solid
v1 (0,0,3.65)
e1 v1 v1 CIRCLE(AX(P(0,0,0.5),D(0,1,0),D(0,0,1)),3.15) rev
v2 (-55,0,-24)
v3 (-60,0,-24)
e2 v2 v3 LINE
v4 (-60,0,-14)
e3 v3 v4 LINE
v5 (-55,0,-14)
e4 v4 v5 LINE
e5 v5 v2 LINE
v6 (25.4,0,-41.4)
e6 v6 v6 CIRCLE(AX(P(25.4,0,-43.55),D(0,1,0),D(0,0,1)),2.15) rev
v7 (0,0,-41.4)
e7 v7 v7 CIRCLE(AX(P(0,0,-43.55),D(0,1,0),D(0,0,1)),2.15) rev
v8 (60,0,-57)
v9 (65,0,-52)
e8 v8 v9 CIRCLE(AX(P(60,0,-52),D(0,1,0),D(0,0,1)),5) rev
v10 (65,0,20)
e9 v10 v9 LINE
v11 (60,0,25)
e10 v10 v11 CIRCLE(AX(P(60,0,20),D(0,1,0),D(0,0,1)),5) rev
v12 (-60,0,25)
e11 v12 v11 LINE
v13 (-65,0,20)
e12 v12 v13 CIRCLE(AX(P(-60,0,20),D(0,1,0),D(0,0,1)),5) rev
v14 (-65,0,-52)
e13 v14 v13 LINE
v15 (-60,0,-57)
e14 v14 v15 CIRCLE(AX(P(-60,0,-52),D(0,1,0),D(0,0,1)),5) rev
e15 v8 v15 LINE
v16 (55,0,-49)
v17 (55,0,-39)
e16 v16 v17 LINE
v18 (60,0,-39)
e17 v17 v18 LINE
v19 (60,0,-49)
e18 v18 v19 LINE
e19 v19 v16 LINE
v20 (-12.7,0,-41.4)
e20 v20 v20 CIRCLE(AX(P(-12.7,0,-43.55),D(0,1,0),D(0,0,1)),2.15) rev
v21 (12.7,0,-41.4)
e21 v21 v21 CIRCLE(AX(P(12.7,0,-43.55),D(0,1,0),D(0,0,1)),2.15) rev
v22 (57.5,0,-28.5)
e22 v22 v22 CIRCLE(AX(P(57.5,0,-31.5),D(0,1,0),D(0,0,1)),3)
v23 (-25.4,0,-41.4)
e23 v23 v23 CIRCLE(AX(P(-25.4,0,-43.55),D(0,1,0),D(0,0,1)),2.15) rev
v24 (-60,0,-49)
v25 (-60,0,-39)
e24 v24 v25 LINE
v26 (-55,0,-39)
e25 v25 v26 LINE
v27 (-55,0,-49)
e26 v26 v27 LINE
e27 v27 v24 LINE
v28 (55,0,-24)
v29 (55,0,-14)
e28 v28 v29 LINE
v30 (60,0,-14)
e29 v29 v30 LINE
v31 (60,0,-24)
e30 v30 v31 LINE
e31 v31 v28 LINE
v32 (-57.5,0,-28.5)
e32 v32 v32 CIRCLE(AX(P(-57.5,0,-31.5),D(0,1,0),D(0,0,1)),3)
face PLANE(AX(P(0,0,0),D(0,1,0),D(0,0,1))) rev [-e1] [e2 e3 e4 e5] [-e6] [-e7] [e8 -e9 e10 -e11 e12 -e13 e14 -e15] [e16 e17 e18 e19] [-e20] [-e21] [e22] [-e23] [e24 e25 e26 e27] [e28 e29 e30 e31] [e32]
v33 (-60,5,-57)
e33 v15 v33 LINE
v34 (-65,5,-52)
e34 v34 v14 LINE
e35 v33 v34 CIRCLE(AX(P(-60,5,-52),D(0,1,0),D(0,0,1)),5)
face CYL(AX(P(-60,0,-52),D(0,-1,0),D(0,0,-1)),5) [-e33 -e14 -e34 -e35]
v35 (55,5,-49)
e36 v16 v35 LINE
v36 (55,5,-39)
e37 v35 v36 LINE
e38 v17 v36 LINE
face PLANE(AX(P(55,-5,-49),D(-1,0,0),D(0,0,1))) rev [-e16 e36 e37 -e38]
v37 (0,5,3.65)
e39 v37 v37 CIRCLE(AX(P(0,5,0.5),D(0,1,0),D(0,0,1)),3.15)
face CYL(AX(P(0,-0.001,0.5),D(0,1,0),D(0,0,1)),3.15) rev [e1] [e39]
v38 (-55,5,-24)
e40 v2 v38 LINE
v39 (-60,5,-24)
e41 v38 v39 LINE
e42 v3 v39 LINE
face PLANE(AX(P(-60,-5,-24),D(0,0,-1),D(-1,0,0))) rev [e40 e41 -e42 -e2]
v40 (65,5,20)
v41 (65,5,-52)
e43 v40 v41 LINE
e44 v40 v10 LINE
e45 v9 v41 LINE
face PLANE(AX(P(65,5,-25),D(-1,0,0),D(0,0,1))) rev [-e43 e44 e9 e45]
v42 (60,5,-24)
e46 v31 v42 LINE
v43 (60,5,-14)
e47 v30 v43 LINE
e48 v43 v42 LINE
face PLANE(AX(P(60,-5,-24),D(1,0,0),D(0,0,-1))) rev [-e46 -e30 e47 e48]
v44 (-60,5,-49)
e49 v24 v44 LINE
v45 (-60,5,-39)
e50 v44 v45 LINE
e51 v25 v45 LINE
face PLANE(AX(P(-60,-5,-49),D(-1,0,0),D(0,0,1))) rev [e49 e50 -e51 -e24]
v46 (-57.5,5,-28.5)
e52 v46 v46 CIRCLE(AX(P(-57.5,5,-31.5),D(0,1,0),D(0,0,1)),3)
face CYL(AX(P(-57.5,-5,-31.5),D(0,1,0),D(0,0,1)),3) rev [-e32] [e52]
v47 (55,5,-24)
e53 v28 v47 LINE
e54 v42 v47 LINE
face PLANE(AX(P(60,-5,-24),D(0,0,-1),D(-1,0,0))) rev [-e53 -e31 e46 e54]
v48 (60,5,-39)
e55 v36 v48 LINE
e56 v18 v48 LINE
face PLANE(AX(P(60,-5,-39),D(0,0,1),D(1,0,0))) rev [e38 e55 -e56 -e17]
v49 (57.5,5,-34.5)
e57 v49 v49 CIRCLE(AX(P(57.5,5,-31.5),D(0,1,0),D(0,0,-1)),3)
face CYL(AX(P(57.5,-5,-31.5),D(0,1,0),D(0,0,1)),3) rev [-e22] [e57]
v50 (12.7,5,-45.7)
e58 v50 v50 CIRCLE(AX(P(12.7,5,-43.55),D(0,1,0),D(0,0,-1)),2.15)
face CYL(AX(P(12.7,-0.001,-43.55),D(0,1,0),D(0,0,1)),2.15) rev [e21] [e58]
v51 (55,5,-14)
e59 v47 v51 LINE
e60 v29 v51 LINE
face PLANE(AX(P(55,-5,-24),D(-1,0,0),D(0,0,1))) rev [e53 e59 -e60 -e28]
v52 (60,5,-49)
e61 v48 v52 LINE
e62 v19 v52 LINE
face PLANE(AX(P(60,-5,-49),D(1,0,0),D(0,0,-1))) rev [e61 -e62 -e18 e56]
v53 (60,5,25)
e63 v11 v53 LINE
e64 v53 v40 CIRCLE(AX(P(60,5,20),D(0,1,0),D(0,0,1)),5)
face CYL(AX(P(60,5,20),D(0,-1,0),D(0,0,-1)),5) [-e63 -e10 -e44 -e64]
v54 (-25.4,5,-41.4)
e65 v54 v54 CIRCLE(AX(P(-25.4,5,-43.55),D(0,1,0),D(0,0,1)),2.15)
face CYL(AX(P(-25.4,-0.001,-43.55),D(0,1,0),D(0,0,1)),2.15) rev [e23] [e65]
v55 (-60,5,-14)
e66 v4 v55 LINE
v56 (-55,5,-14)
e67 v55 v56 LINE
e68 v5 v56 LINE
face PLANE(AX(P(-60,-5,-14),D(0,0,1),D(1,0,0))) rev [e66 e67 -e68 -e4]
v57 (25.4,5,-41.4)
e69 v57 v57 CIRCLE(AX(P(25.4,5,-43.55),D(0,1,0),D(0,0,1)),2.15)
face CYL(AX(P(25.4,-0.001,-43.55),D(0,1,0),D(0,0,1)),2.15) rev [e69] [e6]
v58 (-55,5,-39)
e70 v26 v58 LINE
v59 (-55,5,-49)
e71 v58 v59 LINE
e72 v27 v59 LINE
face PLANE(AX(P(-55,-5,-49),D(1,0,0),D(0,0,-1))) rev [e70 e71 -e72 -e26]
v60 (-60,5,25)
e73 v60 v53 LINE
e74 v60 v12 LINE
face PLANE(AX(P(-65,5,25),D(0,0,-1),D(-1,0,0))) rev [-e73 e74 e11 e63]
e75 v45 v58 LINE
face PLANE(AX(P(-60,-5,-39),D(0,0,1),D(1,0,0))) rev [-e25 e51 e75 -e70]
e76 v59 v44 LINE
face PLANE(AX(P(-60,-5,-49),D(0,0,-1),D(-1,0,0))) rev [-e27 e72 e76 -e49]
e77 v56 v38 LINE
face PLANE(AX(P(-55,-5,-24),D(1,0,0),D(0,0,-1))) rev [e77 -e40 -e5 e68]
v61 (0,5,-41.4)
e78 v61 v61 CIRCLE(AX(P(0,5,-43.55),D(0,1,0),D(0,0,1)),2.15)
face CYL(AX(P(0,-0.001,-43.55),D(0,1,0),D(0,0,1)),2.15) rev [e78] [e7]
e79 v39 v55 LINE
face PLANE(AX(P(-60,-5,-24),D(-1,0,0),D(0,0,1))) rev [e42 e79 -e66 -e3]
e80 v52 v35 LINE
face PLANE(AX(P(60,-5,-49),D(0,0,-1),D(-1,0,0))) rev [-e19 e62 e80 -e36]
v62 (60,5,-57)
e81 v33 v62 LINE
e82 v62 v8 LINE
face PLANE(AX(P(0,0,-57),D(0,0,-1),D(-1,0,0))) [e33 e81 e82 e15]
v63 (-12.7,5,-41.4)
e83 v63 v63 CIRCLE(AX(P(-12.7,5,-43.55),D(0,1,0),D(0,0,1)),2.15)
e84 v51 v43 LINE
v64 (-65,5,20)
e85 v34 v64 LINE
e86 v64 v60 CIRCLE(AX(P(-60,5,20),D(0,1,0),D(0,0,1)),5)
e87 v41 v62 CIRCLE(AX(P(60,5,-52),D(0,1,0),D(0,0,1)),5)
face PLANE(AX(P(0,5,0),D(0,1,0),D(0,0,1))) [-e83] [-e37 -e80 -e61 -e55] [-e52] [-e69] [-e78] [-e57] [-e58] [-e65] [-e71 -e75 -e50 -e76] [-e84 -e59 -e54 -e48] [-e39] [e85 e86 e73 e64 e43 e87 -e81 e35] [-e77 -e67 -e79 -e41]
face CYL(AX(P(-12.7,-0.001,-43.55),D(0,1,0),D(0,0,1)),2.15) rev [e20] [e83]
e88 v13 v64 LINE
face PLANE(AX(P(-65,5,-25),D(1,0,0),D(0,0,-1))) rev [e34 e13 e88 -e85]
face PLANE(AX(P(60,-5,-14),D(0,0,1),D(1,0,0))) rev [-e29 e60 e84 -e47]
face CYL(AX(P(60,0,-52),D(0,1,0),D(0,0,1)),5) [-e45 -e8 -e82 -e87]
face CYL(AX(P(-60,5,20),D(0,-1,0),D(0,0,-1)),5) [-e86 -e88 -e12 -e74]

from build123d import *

# Parameters (mm, degrees)
SKETCH1_W           = 130
SKETCH1_H           = 50
BOSS_EXTRUDE1_DEPTH = 5
SKETCH2_W           = 130
SKETCH2_H           = 5
BOSS_EXTRUDE2_DEPTH = 32
SKETCH3_R           = 3
SKETCH3_W           = 5
SKETCH3_H           = 10
CUT_EXTRUDE1_DEPTH  = 10
FILLET1_R           = 5
CUT_EXTRUDE2_REACH  = 88.597
SKETCH4_R           = 3.15
SKETCH4_R_2         = 2.15


with BuildPart() as part:
    # Sketch1 → Boss-Extrude1 (new body)
    with BuildSketch(Plane(origin=(0, 0, 0), x_dir=(1, 0, 0), z_dir=(0, 1, 0))):
        Rectangle(SKETCH1_W, SKETCH1_H)
    extrude(amount=BOSS_EXTRUDE1_DEPTH)

    # Sketch2 → Boss-Extrude2 (add)
    with BuildSketch(Plane(origin=(0, 0, -25), x_dir=(-1, 0, 0), z_dir=(0, 0, -1))):
        with Locations((0, 2.5)):
            Rectangle(SKETCH2_W, SKETCH2_H)
    extrude(amount=BOSS_EXTRUDE2_DEPTH)

    # Sketch3 → Cut-Extrude1 (cut)
    with BuildSketch(Plane(origin=(0, 5, 0), x_dir=(1, 0, 0), z_dir=(0, 1, 0))):
        with Locations(Location((-57.5, 31.5, 0), (0, 0, 270))):
            Circle(SKETCH3_R)
        with Locations(Location((57.5, 31.5, 0), (0, 0, 270))):
            Circle(SKETCH3_R)
        with Locations((57.5, 44)):
            Rectangle(SKETCH3_W, SKETCH3_H)
        with Locations((-57.5, 19)):
            Rectangle(SKETCH3_W, SKETCH3_H)
        with Locations((-57.5, 44)):
            Rectangle(SKETCH3_W, SKETCH3_H)
        with Locations((57.5, 19)):
            Rectangle(SKETCH3_W, SKETCH3_H)
    extrude(amount=-CUT_EXTRUDE1_DEPTH, mode=Mode.SUBTRACT)

    # Fillet1
    fillet1_edges = [part.edges().sort_by_distance(p)[0] for p in [
        (65, 2.5, -57),
        (-65, 2.5, -57),
        (65, 2.5, 25),
        (-65, 2.5, 25),
    ]]
    fillet(fillet1_edges, radius=FILLET1_R)

    # Sketch4 → Cut-Extrude2 (cut, up to next)
    with BuildSketch(Plane(origin=(0, 5, 0), x_dir=(1, 0, 0), z_dir=(0, 1, 0)), mode=Mode.PRIVATE) as cut_extrude2_sk1:
        with Locations(Location((0, -0.5, 0), (0, 0, 270))):
            Circle(SKETCH4_R)
    cut_extrude2_tool1 = extrude(cut_extrude2_sk1.sketch, amount=-CUT_EXTRUDE2_REACH, mode=Mode.PRIVATE) & part.part
    # Sketch4 → Cut-Extrude2 (cut, up to next)
    with BuildSketch(Plane(origin=(0, 5, 0), x_dir=(1, 0, 0), z_dir=(0, 1, 0)), mode=Mode.PRIVATE) as cut_extrude2_sk2:
        with Locations(Location((25.4, 43.55, 0), (0, 0, 270))):
            Circle(SKETCH4_R_2)
    cut_extrude2_tool2 = extrude(cut_extrude2_sk2.sketch, amount=-CUT_EXTRUDE2_REACH, mode=Mode.PRIVATE) & part.part
    # Sketch4 → Cut-Extrude2 (cut, up to next)
    with BuildSketch(Plane(origin=(0, 5, 0), x_dir=(1, 0, 0), z_dir=(0, 1, 0)), mode=Mode.PRIVATE) as cut_extrude2_sk3:
        with Locations(Location((-25.4, 43.55, 0), (0, 0, 270))):
            Circle(SKETCH4_R_2)
    cut_extrude2_tool3 = extrude(cut_extrude2_sk3.sketch, amount=-CUT_EXTRUDE2_REACH, mode=Mode.PRIVATE) & part.part
    # Sketch4 → Cut-Extrude2 (cut, up to next)
    with BuildSketch(Plane(origin=(0, 5, 0), x_dir=(1, 0, 0), z_dir=(0, 1, 0)), mode=Mode.PRIVATE) as cut_extrude2_sk4:
        with Locations(Location((-12.7, 43.55, 0), (0, 0, 270))):
            Circle(SKETCH4_R_2)
    cut_extrude2_tool4 = extrude(cut_extrude2_sk4.sketch, amount=-CUT_EXTRUDE2_REACH, mode=Mode.PRIVATE) & part.part
    # Sketch4 → Cut-Extrude2 (cut, up to next)
    with BuildSketch(Plane(origin=(0, 5, 0), x_dir=(1, 0, 0), z_dir=(0, 1, 0)), mode=Mode.PRIVATE) as cut_extrude2_sk5:
        with Locations(Location((12.7, 43.55, 0), (0, 0, 270))):
            Circle(SKETCH4_R_2)
    cut_extrude2_tool5 = extrude(cut_extrude2_sk5.sketch, amount=-CUT_EXTRUDE2_REACH, mode=Mode.PRIVATE) & part.part
    # Sketch4 → Cut-Extrude2 (cut, up to next)
    with BuildSketch(Plane(origin=(0, 5, 0), x_dir=(1, 0, 0), z_dir=(0, 1, 0)), mode=Mode.PRIVATE) as cut_extrude2_sk6:
        with Locations(Location((0, 43.55, 0), (0, 0, 270))):
            Circle(SKETCH4_R_2)
    cut_extrude2_tool6 = extrude(cut_extrude2_sk6.sketch, amount=-CUT_EXTRUDE2_REACH, mode=Mode.PRIVATE) & part.part
    add(cut_extrude2_tool1.solids().sort_by_distance((0, 5, 0.5))[0], mode=Mode.SUBTRACT)
    add(cut_extrude2_tool2.solids().sort_by_distance((25.4, 5, -43.55))[0], mode=Mode.SUBTRACT)
    add(cut_extrude2_tool3.solids().sort_by_distance((-25.4, 5, -43.55))[0], mode=Mode.SUBTRACT)
    add(cut_extrude2_tool4.solids().sort_by_distance((-12.7, 5, -43.55))[0], mode=Mode.SUBTRACT)
    add(cut_extrude2_tool5.solids().sort_by_distance((12.7, 5, -43.55))[0], mode=Mode.SUBTRACT)
    add(cut_extrude2_tool6.solids().sort_by_distance((0, 5, -43.55))[0], mode=Mode.SUBTRACT)


solid = part.part
